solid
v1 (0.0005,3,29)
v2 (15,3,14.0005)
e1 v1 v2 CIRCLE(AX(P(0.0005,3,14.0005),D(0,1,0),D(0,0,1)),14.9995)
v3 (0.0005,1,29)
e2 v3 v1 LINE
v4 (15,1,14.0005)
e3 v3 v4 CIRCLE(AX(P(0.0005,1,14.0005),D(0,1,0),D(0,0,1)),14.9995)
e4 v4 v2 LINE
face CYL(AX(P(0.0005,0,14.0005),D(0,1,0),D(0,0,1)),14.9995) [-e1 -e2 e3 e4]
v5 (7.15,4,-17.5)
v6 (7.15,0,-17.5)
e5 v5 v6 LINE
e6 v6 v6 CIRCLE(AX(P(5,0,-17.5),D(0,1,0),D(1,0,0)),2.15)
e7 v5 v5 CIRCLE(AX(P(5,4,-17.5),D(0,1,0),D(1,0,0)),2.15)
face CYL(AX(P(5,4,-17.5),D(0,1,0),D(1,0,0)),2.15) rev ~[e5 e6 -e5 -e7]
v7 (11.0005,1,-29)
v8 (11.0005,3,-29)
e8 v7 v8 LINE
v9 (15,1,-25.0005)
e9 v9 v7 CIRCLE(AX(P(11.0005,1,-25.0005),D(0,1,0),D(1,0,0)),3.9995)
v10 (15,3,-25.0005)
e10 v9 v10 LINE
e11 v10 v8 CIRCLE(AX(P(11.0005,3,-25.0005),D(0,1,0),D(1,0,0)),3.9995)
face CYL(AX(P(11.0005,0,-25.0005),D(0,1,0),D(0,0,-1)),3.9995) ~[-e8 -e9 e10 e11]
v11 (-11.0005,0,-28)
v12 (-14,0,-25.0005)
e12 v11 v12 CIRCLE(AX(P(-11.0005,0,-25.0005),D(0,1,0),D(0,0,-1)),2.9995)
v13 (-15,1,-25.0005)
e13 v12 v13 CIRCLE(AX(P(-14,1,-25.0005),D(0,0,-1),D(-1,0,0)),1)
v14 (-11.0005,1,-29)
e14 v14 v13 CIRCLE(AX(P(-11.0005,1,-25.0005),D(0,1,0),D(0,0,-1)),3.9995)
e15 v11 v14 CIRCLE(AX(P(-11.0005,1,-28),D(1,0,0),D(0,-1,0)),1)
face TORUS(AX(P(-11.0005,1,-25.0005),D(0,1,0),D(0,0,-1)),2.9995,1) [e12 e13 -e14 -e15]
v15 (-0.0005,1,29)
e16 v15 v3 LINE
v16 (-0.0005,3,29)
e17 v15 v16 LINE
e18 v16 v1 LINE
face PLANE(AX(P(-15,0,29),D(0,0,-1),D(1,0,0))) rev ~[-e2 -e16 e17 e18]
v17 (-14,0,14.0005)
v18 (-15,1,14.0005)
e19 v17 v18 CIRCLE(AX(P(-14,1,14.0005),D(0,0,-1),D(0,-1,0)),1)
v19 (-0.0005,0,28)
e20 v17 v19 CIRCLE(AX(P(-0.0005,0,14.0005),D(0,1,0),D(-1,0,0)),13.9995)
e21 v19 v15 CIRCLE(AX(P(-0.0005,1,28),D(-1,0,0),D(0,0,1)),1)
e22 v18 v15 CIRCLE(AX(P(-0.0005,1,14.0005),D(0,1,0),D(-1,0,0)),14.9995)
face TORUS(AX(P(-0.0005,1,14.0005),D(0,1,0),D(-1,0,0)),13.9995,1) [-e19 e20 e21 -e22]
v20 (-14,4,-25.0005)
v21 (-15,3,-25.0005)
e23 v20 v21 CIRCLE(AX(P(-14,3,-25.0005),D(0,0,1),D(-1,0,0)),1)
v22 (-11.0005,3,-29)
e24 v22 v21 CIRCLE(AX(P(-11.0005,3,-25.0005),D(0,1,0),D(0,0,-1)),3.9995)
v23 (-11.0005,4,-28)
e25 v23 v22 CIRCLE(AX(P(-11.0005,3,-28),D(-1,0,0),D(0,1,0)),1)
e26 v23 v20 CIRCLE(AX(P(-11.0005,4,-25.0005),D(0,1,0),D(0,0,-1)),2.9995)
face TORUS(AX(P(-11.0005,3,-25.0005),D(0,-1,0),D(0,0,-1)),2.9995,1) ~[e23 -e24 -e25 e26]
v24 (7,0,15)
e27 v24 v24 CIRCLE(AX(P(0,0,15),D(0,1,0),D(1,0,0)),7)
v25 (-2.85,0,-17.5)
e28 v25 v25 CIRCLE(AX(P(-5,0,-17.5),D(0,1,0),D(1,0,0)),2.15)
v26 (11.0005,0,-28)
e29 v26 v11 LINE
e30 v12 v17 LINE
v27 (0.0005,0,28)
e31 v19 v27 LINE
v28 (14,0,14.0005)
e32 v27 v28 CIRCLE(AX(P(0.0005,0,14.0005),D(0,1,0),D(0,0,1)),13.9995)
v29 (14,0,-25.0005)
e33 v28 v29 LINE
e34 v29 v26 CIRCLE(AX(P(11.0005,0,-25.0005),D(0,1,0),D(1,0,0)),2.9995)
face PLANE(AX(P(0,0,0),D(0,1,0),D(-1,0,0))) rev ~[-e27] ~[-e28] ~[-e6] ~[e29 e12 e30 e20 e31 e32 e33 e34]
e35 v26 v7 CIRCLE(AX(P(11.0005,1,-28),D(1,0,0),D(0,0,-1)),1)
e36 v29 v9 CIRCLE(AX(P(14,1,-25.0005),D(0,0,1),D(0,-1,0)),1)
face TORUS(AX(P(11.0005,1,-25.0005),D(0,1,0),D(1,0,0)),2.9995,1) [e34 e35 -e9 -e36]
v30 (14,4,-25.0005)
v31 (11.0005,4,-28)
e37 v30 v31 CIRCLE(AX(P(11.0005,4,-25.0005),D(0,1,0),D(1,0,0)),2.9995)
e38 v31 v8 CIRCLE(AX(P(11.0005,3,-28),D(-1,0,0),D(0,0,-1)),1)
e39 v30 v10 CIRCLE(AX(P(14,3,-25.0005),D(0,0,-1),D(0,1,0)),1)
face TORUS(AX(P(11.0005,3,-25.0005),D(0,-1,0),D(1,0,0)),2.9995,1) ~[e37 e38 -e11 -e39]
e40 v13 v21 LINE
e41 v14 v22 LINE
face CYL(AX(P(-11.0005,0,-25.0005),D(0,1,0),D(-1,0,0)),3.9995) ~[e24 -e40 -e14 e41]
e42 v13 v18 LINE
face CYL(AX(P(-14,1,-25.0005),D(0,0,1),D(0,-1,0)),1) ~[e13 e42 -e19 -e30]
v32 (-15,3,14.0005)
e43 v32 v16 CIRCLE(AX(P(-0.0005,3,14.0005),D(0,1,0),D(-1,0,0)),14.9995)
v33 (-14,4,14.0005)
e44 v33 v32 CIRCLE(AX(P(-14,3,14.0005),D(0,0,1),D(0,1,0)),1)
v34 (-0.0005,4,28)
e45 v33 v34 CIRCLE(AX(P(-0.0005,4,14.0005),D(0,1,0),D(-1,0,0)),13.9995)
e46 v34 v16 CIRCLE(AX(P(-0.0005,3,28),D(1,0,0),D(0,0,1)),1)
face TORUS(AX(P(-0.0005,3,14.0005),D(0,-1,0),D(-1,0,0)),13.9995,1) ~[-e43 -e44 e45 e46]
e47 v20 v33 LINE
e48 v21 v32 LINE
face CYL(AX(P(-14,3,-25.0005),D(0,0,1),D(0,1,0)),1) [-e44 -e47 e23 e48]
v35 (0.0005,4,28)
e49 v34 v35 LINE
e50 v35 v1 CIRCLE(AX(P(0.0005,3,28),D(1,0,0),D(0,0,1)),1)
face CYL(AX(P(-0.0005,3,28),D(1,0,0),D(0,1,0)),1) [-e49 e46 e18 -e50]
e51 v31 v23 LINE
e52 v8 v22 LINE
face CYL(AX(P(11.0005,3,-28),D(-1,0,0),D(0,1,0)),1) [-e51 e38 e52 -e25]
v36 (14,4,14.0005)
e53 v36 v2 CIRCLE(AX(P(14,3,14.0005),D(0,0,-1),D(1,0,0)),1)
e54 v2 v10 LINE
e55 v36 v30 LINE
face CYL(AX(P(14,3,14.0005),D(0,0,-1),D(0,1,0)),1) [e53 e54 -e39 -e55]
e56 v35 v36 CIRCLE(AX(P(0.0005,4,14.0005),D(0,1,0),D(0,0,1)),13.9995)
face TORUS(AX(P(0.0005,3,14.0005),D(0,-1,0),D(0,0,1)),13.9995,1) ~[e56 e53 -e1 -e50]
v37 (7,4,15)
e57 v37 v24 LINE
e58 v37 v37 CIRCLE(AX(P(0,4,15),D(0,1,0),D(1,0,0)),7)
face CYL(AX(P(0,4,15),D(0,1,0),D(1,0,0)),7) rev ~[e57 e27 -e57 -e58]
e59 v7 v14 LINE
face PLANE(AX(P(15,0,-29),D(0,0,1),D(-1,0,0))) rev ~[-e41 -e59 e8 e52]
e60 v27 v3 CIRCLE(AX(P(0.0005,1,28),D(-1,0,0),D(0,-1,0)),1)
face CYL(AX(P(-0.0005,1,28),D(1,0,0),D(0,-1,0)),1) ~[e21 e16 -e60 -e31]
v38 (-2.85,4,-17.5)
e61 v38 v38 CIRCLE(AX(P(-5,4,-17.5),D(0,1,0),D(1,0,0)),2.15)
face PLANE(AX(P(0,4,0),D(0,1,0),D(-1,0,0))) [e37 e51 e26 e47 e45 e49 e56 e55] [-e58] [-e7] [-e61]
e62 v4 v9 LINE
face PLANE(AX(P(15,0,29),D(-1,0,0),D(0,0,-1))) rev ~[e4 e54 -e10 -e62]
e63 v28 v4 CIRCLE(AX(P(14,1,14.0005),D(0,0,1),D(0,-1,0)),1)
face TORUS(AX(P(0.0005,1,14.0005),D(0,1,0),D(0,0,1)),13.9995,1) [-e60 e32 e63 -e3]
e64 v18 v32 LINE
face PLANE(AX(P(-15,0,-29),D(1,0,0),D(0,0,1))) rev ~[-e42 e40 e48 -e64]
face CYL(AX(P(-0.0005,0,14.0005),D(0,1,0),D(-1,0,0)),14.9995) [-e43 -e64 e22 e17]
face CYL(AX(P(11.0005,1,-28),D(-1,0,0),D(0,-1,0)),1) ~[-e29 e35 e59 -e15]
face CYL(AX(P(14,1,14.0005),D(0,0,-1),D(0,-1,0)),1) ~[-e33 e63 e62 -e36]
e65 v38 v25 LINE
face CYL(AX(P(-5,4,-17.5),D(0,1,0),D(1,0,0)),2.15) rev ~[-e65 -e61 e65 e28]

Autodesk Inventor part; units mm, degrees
ref_plane "YZ Plane" through (0, 0, 0) normal (1, 0, 0) x (0, 1, 0)
ref_plane "XZ Plane" through (0, 0, 0) normal (0, 1, 0) x (-1, 0, 0)
sketch "Sketch2" plane through (0, 0, 0) normal (0, 1, 0) x (-1, 0, 0)
  line L0 (15, 29) -> (-15, 29)
  line L1 (-15, 29) -> (-15, -29)
  line L2 (-15, -29) -> (15, -29)
  line L3 (15, -29) -> (15, 29)
  line L4 (0, 0) -> (0, -29) construction
  line L5 (0, 0) -> (0, 29) construction
  line L6 (0, 0) -> (15, 0) construction
  line L7 (0, 0) -> (-15, 0) construction
  dimension "d45" = 30
  dimension "d46" = 58
extrude "Main Body Sketch" add sketch "Sketch2" along normal blind 4
ref_plane "Work Plane1" through (0, 4, 0) normal (0, 1, 0) x (1, 0, 0)
sketch "Sketch4" plane through (0, 4, 0) normal (0, 1, 0) x (1, 0, 0)
  circle A0 centre (0, -15) radius 7
  circle A1 centre (5, 17.5) radius 2.15
  circle A2 centre (-5, 17.5) radius 2.15
  line L0 (15, 29) -> (-15, 29) projected
  line L1 (-15, 29) -> (-15, -29) projected
  dimension "d85" = 30
  dimension "d87" = 4.3
  dimension "d88" = 4.3
  dimension "d90" = 10
  dimension "d96" = 14
  dimension "d97" = 44
  dimension "d98" = 15
  dimension "d100" = 11.5
  dimension "d101" = 11.5
extrude "Holes Cuts" cut sketch "Sketch4" against normal up to surface (4 mm away)
fillet "Fillet12" radius 4 2 edges at (-15, 2, -29) (15, 2, -29)
fillet "Fillet12" radius 15 2 edges at (15, 2, 29) (-15, 2, 29)
fillet "Fillet13" radius 1 12 edges at (10.6067, 4, 24.6067) (15, 4, -5.5) (13.8286, 4, -27.8286) (0, 4, -29) (-13.8286, 4, -27.8286) (-15, 4, -5.5) (15, 0, -5.5) (13.8286, 0, -27.8286) (0, 0, -29) (-13.8286, 0, -27.8286) (-15, 0, -5.5) (10.6067, 0, 24.6067)
equation "\"d46\" = AH"
equation "\"AH\" = 58"
equation "\"d57\" = TMROL"
equation "\"BD\" = 4"
equation "\"TMROL\" = 45"
properties part number "Side Attatchment"
